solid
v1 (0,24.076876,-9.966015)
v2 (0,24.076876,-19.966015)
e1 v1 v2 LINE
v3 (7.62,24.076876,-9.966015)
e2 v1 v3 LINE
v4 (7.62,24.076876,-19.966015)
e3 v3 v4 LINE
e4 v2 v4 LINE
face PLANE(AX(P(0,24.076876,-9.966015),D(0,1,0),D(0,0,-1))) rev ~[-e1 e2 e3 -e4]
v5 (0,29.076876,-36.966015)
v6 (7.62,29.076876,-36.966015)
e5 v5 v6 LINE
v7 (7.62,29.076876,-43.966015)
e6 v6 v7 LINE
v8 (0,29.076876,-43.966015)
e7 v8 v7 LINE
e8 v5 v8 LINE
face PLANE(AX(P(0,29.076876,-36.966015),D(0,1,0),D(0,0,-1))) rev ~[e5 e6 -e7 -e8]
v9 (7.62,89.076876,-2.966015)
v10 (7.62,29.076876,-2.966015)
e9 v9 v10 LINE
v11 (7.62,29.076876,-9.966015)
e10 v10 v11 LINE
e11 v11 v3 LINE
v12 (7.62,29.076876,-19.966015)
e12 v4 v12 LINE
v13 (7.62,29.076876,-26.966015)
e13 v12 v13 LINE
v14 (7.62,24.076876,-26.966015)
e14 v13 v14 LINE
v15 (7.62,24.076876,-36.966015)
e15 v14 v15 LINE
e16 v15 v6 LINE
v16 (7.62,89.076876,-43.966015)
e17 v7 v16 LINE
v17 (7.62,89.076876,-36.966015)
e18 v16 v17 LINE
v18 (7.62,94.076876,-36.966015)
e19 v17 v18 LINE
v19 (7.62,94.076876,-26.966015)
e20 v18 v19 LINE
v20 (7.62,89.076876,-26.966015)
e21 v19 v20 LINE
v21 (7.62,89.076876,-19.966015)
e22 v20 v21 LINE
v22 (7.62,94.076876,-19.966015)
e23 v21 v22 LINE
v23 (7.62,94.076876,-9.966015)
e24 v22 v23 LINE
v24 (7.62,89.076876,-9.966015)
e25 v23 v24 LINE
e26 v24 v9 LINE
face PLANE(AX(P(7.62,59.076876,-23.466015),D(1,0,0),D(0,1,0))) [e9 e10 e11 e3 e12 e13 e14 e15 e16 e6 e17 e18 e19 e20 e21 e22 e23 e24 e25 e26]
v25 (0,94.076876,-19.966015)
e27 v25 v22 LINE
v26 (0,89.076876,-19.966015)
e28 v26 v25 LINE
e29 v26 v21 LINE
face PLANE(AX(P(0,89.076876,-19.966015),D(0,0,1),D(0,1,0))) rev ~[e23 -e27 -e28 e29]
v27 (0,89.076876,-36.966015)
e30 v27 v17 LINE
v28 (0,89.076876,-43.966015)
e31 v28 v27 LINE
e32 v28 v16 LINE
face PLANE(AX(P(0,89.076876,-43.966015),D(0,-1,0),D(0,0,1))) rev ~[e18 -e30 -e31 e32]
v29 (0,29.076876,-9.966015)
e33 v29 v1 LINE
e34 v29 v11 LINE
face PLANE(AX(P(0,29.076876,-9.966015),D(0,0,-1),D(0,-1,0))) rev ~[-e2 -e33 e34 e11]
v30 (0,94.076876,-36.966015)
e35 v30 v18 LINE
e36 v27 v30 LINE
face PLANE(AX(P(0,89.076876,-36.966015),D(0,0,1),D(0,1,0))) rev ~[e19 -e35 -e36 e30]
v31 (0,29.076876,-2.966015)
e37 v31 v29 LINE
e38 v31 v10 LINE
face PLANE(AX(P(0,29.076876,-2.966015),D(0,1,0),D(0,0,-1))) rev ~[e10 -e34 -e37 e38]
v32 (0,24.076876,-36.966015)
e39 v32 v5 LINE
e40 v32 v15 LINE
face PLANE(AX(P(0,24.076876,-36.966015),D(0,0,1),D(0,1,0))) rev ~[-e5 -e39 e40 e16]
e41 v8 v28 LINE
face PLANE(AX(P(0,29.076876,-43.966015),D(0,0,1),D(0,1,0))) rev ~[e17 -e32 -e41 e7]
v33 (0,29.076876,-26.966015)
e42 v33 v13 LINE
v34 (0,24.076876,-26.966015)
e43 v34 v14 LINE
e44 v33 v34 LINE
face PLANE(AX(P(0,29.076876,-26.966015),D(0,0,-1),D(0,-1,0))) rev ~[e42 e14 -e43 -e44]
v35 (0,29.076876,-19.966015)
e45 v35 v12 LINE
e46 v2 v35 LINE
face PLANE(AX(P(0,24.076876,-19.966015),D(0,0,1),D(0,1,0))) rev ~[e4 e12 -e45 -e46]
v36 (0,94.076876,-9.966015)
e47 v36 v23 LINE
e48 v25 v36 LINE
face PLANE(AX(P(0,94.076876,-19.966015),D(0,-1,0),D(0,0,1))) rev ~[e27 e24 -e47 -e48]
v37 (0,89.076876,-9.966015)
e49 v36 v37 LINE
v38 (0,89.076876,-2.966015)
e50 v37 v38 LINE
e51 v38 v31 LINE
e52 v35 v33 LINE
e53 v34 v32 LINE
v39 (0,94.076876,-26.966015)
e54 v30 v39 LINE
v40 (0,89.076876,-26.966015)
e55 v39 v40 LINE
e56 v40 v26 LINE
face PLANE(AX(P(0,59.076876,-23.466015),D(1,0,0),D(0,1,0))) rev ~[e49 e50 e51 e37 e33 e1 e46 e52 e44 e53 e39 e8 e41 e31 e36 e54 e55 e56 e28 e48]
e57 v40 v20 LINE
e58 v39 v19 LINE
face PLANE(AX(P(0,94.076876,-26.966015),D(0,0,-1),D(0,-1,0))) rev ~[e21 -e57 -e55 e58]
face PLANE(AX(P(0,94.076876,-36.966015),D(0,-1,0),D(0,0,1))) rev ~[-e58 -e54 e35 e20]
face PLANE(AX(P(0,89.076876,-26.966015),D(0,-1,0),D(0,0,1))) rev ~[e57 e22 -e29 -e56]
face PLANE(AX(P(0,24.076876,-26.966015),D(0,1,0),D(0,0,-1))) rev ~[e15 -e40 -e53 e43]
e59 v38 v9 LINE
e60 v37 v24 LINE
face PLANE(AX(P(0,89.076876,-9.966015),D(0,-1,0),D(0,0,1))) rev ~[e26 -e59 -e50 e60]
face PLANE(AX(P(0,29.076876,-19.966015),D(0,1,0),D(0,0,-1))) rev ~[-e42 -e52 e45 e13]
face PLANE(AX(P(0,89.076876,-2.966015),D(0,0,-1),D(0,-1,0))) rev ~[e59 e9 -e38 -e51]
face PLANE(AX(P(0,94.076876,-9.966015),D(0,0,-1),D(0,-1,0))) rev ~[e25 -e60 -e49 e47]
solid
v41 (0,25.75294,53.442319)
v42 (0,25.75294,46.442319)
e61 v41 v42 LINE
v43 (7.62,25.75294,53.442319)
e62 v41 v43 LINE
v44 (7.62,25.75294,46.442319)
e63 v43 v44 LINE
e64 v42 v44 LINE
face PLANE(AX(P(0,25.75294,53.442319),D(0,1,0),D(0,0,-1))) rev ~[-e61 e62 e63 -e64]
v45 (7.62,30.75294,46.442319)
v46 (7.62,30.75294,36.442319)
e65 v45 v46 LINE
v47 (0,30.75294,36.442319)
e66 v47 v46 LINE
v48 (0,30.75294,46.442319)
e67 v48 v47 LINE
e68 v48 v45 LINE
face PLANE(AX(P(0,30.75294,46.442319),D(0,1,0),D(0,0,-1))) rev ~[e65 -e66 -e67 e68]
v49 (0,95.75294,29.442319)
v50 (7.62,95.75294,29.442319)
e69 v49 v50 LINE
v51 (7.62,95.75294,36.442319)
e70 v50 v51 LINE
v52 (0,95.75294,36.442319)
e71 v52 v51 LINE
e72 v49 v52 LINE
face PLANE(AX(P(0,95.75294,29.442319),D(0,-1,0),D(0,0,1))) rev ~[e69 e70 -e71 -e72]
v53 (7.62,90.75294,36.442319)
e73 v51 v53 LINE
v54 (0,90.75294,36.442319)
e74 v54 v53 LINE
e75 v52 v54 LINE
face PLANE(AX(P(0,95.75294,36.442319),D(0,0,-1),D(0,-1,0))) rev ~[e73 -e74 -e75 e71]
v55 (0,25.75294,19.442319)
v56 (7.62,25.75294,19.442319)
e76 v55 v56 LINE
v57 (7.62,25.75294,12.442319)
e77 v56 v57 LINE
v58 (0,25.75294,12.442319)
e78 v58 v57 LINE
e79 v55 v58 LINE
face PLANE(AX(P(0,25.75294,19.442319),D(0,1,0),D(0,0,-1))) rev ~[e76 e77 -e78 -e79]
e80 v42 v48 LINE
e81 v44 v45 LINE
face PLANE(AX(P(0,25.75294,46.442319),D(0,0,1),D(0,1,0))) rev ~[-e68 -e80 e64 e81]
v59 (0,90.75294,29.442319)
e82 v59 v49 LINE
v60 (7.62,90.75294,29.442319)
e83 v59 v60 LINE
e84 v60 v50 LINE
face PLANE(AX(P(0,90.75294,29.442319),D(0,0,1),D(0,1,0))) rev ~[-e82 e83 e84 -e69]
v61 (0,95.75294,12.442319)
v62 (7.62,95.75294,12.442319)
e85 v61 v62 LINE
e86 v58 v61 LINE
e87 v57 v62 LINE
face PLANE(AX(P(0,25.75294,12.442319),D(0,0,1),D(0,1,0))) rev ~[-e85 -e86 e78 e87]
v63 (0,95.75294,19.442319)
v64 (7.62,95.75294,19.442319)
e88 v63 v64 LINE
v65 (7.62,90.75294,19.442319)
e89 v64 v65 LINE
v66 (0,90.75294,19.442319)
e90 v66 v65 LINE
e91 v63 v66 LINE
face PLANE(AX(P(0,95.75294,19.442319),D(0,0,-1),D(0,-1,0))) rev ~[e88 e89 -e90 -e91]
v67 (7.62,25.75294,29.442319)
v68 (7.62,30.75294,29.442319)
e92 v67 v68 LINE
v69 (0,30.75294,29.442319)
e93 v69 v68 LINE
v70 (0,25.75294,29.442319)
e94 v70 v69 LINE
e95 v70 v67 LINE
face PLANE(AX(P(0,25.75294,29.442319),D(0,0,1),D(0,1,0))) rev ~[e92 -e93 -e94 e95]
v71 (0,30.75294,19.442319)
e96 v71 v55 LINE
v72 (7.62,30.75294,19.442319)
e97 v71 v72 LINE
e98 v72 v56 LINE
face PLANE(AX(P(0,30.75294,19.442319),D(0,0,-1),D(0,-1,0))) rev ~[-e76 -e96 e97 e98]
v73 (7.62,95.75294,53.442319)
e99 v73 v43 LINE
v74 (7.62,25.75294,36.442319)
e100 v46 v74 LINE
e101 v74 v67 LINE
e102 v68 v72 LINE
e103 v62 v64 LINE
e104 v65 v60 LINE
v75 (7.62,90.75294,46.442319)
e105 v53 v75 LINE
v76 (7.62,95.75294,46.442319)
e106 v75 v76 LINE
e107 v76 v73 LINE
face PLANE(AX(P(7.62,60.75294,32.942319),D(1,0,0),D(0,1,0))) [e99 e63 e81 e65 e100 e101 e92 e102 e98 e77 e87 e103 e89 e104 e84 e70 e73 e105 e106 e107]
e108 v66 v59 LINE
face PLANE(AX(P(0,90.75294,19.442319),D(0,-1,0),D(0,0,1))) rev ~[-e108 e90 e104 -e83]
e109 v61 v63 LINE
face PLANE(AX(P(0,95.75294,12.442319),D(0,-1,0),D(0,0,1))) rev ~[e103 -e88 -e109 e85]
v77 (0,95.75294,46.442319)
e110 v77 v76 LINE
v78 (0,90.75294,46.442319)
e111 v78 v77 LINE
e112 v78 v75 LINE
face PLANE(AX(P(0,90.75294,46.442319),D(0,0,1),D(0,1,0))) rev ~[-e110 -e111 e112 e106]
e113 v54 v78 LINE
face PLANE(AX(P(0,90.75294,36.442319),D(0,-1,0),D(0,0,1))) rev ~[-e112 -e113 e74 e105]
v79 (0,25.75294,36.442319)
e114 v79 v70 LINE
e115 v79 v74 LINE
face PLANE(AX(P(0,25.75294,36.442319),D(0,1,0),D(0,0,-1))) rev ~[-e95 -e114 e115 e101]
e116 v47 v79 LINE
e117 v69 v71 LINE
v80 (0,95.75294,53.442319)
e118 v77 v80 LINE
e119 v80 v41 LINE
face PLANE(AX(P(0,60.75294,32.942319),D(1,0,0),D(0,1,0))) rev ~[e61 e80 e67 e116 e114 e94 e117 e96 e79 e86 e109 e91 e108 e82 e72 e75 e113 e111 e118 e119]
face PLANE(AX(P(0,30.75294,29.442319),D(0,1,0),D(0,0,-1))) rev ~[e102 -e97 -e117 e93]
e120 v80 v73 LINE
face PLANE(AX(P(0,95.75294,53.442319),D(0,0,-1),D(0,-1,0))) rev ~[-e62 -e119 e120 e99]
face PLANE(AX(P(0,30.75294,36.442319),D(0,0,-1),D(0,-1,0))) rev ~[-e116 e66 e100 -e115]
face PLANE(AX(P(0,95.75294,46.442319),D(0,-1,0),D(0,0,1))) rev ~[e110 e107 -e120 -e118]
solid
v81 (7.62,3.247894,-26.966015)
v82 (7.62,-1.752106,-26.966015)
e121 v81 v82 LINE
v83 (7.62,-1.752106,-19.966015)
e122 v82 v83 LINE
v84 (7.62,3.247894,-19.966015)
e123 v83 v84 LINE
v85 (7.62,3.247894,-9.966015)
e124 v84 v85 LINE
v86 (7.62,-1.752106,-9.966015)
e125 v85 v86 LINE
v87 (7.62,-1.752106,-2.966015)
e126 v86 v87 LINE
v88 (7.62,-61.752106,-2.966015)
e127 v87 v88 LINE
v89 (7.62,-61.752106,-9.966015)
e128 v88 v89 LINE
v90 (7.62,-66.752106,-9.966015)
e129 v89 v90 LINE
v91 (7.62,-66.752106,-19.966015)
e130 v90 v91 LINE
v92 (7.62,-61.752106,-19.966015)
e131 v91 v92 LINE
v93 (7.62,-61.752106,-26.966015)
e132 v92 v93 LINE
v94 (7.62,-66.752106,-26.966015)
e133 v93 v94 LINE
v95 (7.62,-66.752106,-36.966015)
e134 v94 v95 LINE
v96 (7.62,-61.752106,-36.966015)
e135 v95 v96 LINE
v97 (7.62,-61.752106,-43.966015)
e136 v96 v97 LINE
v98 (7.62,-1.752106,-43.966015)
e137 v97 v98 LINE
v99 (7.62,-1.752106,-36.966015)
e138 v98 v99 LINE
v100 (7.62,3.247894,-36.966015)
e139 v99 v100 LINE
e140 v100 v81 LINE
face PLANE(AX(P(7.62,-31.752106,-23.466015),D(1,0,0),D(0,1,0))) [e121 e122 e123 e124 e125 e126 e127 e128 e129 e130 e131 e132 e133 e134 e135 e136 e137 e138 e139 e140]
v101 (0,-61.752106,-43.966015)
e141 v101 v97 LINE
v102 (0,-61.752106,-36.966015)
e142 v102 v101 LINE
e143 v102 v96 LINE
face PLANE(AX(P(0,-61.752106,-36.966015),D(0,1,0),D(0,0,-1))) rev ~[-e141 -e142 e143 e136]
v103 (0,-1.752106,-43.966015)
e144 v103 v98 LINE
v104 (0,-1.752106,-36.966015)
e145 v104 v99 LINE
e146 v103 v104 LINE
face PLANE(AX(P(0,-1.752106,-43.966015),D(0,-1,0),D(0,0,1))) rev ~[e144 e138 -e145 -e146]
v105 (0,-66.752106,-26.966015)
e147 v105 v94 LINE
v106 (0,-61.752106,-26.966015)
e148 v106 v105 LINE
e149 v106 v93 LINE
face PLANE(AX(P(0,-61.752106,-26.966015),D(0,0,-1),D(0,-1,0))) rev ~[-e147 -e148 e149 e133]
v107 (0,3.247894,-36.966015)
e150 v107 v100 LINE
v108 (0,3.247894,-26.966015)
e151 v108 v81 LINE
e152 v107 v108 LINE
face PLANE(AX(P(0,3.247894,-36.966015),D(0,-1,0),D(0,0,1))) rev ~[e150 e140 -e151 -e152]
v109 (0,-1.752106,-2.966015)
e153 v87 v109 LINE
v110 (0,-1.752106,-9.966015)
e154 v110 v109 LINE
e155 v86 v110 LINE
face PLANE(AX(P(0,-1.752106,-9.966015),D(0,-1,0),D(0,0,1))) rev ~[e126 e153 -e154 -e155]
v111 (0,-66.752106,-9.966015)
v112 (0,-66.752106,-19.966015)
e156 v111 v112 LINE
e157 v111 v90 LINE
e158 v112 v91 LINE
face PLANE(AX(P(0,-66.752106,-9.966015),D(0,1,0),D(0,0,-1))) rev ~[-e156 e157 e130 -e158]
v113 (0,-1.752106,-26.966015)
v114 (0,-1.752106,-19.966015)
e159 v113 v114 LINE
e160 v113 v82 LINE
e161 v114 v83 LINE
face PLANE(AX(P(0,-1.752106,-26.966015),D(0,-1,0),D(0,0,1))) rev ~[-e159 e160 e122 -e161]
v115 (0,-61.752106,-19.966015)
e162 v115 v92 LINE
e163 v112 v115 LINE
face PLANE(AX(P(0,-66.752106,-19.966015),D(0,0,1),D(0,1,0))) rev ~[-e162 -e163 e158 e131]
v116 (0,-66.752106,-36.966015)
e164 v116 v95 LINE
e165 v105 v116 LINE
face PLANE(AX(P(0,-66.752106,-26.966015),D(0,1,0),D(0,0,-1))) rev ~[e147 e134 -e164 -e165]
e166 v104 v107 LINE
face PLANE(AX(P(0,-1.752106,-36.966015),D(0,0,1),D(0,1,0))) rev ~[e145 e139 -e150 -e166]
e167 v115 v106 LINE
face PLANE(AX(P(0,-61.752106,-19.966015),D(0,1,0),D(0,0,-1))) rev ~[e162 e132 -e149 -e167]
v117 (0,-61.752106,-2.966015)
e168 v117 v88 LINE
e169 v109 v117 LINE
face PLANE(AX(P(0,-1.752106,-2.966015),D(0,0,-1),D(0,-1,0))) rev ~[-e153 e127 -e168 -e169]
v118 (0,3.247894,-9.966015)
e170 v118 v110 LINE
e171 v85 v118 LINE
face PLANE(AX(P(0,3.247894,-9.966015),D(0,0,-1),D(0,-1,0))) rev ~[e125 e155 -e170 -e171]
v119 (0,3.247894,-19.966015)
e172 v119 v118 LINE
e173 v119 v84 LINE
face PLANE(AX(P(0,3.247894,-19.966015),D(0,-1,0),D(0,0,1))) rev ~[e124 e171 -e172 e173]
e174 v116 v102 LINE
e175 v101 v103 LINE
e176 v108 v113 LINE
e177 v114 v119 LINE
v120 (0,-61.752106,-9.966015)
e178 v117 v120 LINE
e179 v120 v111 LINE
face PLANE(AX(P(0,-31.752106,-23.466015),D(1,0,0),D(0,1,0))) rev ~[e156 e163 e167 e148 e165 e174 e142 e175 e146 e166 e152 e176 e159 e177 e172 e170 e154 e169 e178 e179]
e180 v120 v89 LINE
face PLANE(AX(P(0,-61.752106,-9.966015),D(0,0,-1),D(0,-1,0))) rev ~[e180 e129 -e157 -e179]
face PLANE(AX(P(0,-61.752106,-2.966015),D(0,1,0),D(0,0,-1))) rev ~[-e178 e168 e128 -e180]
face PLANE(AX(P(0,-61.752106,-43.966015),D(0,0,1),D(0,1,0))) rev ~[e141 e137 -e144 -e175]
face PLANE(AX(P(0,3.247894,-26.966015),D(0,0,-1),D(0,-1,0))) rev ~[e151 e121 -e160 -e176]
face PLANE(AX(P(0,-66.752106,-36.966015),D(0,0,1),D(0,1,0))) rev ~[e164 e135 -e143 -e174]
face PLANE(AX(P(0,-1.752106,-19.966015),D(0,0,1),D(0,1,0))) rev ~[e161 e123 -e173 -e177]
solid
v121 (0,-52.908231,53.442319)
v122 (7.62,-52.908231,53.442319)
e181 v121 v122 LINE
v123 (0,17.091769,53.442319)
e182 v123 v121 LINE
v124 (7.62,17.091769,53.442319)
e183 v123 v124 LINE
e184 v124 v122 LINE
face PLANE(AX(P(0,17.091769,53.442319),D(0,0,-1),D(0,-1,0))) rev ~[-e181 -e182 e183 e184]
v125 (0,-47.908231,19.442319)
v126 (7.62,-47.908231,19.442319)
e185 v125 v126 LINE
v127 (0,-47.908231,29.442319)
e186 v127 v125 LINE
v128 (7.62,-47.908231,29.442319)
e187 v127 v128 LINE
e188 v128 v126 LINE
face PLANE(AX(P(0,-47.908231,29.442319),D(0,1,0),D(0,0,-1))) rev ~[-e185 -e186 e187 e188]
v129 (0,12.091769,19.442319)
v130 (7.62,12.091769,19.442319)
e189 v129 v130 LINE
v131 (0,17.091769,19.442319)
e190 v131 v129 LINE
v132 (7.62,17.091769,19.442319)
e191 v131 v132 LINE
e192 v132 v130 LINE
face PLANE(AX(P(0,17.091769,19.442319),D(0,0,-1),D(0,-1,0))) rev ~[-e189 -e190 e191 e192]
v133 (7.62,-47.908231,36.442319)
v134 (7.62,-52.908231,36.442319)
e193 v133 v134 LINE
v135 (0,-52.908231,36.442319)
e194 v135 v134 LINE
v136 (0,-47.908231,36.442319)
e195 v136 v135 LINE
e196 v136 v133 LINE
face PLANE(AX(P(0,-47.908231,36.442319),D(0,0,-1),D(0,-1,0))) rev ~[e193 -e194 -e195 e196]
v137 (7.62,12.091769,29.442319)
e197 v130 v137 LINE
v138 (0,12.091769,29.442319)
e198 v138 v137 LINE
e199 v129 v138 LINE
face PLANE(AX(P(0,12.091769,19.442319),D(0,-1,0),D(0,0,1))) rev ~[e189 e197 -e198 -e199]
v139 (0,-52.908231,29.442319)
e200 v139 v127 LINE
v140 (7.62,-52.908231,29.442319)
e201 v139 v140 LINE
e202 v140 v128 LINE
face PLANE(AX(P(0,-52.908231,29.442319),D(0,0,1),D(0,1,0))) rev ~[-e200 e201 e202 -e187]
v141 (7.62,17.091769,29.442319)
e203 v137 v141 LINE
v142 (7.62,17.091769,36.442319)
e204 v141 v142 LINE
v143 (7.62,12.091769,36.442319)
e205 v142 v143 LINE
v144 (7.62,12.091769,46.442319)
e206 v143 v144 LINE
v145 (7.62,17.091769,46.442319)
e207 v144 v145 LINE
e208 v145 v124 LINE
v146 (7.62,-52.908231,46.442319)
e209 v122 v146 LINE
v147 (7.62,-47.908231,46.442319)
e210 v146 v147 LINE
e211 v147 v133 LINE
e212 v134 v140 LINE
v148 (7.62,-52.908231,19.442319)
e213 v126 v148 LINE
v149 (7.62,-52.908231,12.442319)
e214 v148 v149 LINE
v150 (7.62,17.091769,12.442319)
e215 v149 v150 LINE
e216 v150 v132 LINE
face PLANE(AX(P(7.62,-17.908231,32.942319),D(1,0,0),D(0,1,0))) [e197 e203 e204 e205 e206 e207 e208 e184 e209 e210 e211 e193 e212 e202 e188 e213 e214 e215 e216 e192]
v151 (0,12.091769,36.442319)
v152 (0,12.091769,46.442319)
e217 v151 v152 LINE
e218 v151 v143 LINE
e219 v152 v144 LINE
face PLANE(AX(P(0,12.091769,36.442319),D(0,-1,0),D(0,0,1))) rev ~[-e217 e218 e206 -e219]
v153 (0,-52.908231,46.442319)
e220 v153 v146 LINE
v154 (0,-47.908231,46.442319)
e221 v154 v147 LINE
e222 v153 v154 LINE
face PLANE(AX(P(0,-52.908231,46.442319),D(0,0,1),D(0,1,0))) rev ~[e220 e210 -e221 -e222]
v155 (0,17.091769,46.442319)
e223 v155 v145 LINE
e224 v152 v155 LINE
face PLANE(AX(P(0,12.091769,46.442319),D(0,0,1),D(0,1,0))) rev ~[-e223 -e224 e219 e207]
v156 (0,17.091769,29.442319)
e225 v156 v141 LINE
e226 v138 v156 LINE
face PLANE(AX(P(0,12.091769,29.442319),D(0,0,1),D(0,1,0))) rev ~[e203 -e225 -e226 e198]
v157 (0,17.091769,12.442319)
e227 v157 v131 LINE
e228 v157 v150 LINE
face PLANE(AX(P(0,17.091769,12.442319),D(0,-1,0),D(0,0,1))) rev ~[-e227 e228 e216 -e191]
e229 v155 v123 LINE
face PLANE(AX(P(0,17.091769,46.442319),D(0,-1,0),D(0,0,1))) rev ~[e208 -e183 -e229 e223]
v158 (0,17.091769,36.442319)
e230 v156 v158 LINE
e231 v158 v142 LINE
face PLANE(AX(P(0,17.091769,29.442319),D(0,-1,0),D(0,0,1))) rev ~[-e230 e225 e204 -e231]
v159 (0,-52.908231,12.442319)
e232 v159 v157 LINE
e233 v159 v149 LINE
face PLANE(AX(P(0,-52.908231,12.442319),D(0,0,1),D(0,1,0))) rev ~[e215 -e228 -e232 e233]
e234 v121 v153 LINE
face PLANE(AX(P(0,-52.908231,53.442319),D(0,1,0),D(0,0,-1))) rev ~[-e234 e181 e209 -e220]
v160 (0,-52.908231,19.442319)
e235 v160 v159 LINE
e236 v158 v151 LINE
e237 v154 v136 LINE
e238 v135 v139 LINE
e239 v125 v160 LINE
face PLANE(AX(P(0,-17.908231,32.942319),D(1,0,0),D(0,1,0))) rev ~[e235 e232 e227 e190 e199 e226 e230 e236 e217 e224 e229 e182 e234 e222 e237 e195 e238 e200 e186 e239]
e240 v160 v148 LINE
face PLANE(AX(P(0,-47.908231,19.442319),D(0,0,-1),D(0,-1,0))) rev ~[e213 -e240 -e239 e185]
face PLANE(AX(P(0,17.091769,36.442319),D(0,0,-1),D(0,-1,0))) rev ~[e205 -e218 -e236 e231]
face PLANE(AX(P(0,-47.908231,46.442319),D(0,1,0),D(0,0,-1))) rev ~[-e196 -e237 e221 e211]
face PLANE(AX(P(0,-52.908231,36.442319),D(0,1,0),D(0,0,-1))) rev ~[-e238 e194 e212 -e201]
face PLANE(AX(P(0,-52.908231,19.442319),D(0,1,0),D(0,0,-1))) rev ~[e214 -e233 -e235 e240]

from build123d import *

# Parameters (mm, degrees)
F2_DEPTH = 6.096
F3_DEPTH = 7.62


with BuildPart() as f2:
    # F0 (on Right) → F2 (new body)
    with BuildSketch(Plane.YZ):
        Polygon((-1.752106, -2.966015), (-61.752106, -2.966015), (-61.752106, -9.966015), (-66.752106, -9.966015), (-66.752106, -19.966015), (-61.752106, -19.966015), (-61.752106, -26.966015), (-66.752106, -26.966015), (-66.752106, -36.966015), (-61.752106, -36.966015), (-61.752106, -43.966015), (-1.752106, -43.966015), (-1.752106, -36.966015), (3.247894, -36.966015), (3.247894, -26.966015), (-1.752106, -26.966015), (-1.752106, -19.966015), (3.247894, -19.966015), (3.247894, -9.966015), (-1.752106, -9.966015), align=None)
    extrude(amount=F2_DEPTH)

    # F0 (on Right) → F3 (join)
    with BuildSketch(Plane.YZ):
        Polygon((17.091769, 46.442319), (17.091769, 53.442319), (-52.908231, 53.442319), (-52.908231, 46.442319), (-47.908231, 46.442319), (-47.908231, 36.442319), (-52.908231, 36.442319), (-52.908231, 29.442319), (-47.908231, 29.442319), (-47.908231, 19.442319), (-52.908231, 19.442319), (-52.908231, 12.442319), (17.091769, 12.442319), (17.091769, 19.442319), (12.091769, 19.442319), (12.091769, 29.442319), (17.091769, 29.442319), (17.091769, 36.442319), (12.091769, 36.442319), (12.091769, 46.442319), align=None)
        Polygon((30.75294, 36.442319), (25.75294, 36.442319), (25.75294, 29.442319), (30.75294, 29.442319), (30.75294, 19.442319), (25.75294, 19.442319), (25.75294, 12.442319), (95.75294, 12.442319), (95.75294, 19.442319), (90.75294, 19.442319), (90.75294, 29.442319), (95.75294, 29.442319), (95.75294, 36.442319), (90.75294, 36.442319), (90.75294, 46.442319), (95.75294, 46.442319), (95.75294, 53.442319), (25.75294, 53.442319), (25.75294, 46.442319), (30.75294, 46.442319), align=None)
        Polygon((-1.752106, -2.966015), (-61.752106, -2.966015), (-61.752106, -9.966015), (-66.752106, -9.966015), (-66.752106, -19.966015), (-61.752106, -19.966015), (-61.752106, -26.966015), (-66.752106, -26.966015), (-66.752106, -36.966015), (-61.752106, -36.966015), (-61.752106, -43.966015), (-1.752106, -43.966015), (-1.752106, -36.966015), (3.247894, -36.966015), (3.247894, -26.966015), (-1.752106, -26.966015), (-1.752106, -19.966015), (3.247894, -19.966015), (3.247894, -9.966015), (-1.752106, -9.966015), align=None)
        Polygon((89.076876, -9.966015), (89.076876, -2.966015), (29.076876, -2.966015), (29.076876, -9.966015), (24.076876, -9.966015), (24.076876, -19.966015), (29.076876, -19.966015), (29.076876, -26.966015), (24.076876, -26.966015), (24.076876, -36.966015), (29.076876, -36.966015), (29.076876, -43.966015), (89.076876, -43.966015), (89.076876, -36.966015), (94.076876, -36.966015), (94.076876, -26.966015), (89.076876, -26.966015), (89.076876, -19.966015), (94.076876, -19.966015), (94.076876, -9.966015), align=None)
    extrude(amount=F3_DEPTH)


solid = f2.part
